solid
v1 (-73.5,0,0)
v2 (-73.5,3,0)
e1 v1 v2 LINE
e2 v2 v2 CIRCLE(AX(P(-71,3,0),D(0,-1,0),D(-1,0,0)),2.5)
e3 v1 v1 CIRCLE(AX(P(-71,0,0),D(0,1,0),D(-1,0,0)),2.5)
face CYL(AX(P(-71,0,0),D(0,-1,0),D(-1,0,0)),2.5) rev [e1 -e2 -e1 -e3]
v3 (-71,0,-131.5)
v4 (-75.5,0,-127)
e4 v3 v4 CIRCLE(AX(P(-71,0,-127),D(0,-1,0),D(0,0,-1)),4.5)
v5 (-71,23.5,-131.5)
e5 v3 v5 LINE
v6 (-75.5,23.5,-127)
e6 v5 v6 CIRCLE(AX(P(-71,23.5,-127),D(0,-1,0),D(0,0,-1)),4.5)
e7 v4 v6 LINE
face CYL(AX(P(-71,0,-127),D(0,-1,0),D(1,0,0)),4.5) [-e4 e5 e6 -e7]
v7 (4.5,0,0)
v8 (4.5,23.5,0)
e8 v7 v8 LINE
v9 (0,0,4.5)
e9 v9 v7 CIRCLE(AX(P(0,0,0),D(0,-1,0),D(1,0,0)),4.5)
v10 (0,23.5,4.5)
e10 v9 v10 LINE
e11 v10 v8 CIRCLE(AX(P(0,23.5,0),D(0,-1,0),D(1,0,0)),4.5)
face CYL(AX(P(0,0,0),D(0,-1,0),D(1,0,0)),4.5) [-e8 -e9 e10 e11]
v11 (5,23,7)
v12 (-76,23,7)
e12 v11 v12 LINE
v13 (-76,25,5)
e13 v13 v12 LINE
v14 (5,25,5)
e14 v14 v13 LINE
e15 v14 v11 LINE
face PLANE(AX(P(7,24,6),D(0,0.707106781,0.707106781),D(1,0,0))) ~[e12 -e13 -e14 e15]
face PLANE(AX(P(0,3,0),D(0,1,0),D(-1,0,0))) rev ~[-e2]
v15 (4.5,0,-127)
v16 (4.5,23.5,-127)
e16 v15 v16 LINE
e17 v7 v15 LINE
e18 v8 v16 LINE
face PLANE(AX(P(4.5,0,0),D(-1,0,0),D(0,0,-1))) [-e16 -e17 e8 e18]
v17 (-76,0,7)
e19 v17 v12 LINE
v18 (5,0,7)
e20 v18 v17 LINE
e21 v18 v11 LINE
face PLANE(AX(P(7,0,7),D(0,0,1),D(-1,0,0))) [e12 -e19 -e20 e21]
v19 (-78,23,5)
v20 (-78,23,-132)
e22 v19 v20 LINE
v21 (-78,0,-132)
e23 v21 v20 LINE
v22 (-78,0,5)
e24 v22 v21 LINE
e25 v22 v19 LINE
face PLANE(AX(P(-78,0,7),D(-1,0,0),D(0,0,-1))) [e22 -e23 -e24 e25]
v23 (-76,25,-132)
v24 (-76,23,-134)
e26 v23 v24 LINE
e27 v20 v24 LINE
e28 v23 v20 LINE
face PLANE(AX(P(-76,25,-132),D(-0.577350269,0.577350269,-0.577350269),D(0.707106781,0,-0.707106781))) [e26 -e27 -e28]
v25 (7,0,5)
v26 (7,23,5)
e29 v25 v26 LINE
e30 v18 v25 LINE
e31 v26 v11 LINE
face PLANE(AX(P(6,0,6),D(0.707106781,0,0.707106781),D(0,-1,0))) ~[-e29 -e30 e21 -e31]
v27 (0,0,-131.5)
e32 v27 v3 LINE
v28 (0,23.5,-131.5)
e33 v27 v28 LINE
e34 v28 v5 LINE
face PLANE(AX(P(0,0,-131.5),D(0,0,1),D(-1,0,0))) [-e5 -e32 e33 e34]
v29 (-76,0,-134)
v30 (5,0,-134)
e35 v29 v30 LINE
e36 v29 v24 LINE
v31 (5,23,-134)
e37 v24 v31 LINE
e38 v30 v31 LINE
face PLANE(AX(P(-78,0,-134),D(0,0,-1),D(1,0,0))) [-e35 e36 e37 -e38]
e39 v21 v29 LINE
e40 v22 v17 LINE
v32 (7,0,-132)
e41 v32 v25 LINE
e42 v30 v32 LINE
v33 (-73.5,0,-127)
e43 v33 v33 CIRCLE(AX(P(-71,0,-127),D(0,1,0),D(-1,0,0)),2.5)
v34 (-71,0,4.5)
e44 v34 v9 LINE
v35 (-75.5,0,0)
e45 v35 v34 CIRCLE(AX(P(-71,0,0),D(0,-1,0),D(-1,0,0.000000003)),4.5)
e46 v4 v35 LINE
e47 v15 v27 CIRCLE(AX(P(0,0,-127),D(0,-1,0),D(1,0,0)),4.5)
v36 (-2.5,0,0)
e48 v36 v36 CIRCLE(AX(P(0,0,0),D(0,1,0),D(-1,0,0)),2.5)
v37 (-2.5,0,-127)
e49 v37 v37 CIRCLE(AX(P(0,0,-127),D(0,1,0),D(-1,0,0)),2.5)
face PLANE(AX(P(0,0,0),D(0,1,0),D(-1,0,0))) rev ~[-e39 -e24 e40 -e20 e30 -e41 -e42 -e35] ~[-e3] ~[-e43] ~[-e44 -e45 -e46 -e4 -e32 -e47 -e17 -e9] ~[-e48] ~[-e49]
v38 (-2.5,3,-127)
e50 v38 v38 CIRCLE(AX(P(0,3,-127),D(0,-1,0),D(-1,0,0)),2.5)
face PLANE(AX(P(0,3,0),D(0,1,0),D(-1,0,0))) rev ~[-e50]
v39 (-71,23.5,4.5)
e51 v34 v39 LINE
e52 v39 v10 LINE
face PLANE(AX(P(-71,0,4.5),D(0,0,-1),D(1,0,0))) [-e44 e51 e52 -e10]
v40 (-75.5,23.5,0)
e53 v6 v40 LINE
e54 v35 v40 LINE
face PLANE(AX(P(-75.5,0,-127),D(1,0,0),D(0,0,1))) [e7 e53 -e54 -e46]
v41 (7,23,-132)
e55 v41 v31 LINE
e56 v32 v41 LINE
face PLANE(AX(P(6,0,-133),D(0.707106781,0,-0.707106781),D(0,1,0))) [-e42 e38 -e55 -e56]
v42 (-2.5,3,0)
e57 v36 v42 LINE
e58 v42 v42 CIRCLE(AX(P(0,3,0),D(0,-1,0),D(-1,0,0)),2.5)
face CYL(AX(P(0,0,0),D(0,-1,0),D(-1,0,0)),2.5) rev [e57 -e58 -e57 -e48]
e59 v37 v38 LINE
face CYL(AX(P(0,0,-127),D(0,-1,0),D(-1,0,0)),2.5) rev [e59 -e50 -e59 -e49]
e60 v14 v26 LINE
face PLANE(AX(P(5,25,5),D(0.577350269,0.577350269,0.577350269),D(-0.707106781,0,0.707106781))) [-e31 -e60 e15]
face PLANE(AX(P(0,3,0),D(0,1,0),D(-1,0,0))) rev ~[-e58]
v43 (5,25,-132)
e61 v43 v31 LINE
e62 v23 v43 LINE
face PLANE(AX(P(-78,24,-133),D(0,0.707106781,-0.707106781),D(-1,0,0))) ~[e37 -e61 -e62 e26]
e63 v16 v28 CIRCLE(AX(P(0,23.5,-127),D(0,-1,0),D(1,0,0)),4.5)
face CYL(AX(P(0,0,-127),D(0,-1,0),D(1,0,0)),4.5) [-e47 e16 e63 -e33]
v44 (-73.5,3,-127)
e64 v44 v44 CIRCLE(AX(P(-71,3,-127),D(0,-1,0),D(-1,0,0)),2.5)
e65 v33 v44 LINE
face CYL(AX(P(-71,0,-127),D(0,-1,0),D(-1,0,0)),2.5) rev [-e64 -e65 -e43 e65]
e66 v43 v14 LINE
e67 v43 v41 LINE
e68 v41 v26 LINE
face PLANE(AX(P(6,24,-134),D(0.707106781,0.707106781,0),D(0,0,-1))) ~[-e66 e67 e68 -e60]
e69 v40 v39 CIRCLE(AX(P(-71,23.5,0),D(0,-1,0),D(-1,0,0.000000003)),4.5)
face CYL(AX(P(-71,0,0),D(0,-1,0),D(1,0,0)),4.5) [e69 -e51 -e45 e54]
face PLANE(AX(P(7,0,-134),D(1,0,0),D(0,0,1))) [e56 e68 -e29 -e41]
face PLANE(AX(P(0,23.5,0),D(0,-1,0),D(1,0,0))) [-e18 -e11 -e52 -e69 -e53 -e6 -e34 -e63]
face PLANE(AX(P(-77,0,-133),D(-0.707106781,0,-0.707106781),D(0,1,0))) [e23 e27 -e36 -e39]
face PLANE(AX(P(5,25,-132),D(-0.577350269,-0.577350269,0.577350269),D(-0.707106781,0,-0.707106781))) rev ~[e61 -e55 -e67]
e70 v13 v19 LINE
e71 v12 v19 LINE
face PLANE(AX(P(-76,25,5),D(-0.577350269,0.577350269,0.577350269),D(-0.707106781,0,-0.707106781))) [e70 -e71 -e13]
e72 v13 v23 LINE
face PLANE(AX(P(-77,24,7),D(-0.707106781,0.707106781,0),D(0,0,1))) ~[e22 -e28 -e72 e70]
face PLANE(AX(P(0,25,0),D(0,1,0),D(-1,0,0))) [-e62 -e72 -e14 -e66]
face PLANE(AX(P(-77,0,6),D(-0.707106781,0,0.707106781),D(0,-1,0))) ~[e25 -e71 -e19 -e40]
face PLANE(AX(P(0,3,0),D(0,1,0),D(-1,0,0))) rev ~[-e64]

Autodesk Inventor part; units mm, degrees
ref_plane "YZ Plane" through (0, 0, 0) normal (1, 0, 0) x (0, 1, 0)
ref_plane "XZ Plane" through (0, 0, 0) normal (0, 1, 0) x (-1, 0, 0)
ref_plane "XY Plane" through (0, 0, 0) normal (0, 0, 1) x (1, 0, 0)
sketch "Skizze1" plane through (0, 0, 0) normal (0, 1, 0) x (-1, 0, 0)
  line L0 (0, 0) -> (0, -127)
  line L1 (0, -127) -> (71, -127)
  line L2 (71, -127) -> (71, 0)
  line L3 (71, 0) -> (0, 0)
  circle A0 centre (71, 0) radius 2.5
  circle A1 centre (71, -127) radius 2.5
  circle A2 centre (0, -127) radius 2.5
  circle A3 centre (0, 0) radius 2.5
  dimension "d0" = 127
  dimension "d1" = 71
  dimension "d2" = 5
  dimension "d3" = 5
  dimension "d4" = 5
  dimension "d5" = 5
sketch "Skizze2" plane through (0, 0, 0) normal (0, 1, 0) x (-1, 0, 0)
  line L0 (71, -127) -> (71, 0) projected
  line L1 (71, 0) -> (0, 0) projected
  line L2 (0, 0) -> (0, -127) projected
  line L3 (0, -127) -> (71, -127) projected
  line L4 (78, 7) -> (78, -134)
  line L5 (78, -134) -> (-7, -134)
  line L6 (-7, -134) -> (-7, 7)
  line L7 (-7, 7) -> (78, 7)
  dimension "d6" = 7
extrude "Extrusion1" add sketch "Skizze2" along normal blind 25 contours L3 L2 L1 L0 | L4 L5 L6 L7
extrude "Extrusion2" cut sketch "Skizze1" along normal blind 3 contours L3 A3 L0 | L0 A3 L3 | A2 L1 L0 | L0 L1 A2 | A0 L2 L3 | L3 L2 A0 | A1 L2 L1 | L1 L2 A1
sketch "Skizze3" plane through (0, 0, 0) normal (0, -1, 0) x (1, 0, 0)
  circle A0 centre (-71, -127) radius 2.5 projected
  circle A1 centre (-71, -127) radius 4.5
  circle A2 centre (-71, 0) radius 2.5 projected
  circle A3 centre (-71, 0) radius 4.5
  circle A4 centre (0, 0) radius 2.5 projected
  circle A5 centre (0, 0) radius 4.5
  circle A6 centre (0, -127) radius 2.5 projected
  circle A7 centre (0, -127) radius 4.5
  line L0 (-78, 7) -> (7, 7) projected
  line L1 (-78, -134) -> (-78, 7) projected
  line L2 (7, -134) -> (-78, -134) projected
  line L3 (7, 7) -> (7, -134) projected
  line L4 (-75.5, 4.5) -> (4.5, 4.5)
  line L5 (4.5, 4.5) -> (4.5, -131.5)
  line L6 (4.5, -131.5) -> (-75.5, -131.5)
  line L7 (-75.5, -131.5) -> (-75.5, 4.5)
  point P0 (-35.5, 7)
  point P1 (-78, -63.5)
  point P2 (-75.5, 0)
  point P3 (-75.5, -127)
  point P4 (-71, -131.5)
  point P5 (0, -131.5)
  point P6 (4.5, -127)
  point P7 (4.5, 0)
  point P8 (0, 4.5)
  point P9 (-71, 4.5)
  dimension "d11" = 9
  dimension "d12" = 9
  dimension "d13" = 9
  dimension "d14" = 9
extrude "Extrusion3" cut sketch "Skizze3" against normal blind 23.5 contours A1 L7 A3 L4 A5 L5 A7 L6
chamfer "Fasen1" distance 2 angle 45 8 edges at (-78, 12.5, -134) (-78, 12.5, 7) (7, 12.5, -134) (7, 12.5, 7) (7, 25, -63.5) (-35.5, 25, 7) (-78, 25, -63.5) (-35.5, 25, -134)
properties part number "LV_Deckel"
